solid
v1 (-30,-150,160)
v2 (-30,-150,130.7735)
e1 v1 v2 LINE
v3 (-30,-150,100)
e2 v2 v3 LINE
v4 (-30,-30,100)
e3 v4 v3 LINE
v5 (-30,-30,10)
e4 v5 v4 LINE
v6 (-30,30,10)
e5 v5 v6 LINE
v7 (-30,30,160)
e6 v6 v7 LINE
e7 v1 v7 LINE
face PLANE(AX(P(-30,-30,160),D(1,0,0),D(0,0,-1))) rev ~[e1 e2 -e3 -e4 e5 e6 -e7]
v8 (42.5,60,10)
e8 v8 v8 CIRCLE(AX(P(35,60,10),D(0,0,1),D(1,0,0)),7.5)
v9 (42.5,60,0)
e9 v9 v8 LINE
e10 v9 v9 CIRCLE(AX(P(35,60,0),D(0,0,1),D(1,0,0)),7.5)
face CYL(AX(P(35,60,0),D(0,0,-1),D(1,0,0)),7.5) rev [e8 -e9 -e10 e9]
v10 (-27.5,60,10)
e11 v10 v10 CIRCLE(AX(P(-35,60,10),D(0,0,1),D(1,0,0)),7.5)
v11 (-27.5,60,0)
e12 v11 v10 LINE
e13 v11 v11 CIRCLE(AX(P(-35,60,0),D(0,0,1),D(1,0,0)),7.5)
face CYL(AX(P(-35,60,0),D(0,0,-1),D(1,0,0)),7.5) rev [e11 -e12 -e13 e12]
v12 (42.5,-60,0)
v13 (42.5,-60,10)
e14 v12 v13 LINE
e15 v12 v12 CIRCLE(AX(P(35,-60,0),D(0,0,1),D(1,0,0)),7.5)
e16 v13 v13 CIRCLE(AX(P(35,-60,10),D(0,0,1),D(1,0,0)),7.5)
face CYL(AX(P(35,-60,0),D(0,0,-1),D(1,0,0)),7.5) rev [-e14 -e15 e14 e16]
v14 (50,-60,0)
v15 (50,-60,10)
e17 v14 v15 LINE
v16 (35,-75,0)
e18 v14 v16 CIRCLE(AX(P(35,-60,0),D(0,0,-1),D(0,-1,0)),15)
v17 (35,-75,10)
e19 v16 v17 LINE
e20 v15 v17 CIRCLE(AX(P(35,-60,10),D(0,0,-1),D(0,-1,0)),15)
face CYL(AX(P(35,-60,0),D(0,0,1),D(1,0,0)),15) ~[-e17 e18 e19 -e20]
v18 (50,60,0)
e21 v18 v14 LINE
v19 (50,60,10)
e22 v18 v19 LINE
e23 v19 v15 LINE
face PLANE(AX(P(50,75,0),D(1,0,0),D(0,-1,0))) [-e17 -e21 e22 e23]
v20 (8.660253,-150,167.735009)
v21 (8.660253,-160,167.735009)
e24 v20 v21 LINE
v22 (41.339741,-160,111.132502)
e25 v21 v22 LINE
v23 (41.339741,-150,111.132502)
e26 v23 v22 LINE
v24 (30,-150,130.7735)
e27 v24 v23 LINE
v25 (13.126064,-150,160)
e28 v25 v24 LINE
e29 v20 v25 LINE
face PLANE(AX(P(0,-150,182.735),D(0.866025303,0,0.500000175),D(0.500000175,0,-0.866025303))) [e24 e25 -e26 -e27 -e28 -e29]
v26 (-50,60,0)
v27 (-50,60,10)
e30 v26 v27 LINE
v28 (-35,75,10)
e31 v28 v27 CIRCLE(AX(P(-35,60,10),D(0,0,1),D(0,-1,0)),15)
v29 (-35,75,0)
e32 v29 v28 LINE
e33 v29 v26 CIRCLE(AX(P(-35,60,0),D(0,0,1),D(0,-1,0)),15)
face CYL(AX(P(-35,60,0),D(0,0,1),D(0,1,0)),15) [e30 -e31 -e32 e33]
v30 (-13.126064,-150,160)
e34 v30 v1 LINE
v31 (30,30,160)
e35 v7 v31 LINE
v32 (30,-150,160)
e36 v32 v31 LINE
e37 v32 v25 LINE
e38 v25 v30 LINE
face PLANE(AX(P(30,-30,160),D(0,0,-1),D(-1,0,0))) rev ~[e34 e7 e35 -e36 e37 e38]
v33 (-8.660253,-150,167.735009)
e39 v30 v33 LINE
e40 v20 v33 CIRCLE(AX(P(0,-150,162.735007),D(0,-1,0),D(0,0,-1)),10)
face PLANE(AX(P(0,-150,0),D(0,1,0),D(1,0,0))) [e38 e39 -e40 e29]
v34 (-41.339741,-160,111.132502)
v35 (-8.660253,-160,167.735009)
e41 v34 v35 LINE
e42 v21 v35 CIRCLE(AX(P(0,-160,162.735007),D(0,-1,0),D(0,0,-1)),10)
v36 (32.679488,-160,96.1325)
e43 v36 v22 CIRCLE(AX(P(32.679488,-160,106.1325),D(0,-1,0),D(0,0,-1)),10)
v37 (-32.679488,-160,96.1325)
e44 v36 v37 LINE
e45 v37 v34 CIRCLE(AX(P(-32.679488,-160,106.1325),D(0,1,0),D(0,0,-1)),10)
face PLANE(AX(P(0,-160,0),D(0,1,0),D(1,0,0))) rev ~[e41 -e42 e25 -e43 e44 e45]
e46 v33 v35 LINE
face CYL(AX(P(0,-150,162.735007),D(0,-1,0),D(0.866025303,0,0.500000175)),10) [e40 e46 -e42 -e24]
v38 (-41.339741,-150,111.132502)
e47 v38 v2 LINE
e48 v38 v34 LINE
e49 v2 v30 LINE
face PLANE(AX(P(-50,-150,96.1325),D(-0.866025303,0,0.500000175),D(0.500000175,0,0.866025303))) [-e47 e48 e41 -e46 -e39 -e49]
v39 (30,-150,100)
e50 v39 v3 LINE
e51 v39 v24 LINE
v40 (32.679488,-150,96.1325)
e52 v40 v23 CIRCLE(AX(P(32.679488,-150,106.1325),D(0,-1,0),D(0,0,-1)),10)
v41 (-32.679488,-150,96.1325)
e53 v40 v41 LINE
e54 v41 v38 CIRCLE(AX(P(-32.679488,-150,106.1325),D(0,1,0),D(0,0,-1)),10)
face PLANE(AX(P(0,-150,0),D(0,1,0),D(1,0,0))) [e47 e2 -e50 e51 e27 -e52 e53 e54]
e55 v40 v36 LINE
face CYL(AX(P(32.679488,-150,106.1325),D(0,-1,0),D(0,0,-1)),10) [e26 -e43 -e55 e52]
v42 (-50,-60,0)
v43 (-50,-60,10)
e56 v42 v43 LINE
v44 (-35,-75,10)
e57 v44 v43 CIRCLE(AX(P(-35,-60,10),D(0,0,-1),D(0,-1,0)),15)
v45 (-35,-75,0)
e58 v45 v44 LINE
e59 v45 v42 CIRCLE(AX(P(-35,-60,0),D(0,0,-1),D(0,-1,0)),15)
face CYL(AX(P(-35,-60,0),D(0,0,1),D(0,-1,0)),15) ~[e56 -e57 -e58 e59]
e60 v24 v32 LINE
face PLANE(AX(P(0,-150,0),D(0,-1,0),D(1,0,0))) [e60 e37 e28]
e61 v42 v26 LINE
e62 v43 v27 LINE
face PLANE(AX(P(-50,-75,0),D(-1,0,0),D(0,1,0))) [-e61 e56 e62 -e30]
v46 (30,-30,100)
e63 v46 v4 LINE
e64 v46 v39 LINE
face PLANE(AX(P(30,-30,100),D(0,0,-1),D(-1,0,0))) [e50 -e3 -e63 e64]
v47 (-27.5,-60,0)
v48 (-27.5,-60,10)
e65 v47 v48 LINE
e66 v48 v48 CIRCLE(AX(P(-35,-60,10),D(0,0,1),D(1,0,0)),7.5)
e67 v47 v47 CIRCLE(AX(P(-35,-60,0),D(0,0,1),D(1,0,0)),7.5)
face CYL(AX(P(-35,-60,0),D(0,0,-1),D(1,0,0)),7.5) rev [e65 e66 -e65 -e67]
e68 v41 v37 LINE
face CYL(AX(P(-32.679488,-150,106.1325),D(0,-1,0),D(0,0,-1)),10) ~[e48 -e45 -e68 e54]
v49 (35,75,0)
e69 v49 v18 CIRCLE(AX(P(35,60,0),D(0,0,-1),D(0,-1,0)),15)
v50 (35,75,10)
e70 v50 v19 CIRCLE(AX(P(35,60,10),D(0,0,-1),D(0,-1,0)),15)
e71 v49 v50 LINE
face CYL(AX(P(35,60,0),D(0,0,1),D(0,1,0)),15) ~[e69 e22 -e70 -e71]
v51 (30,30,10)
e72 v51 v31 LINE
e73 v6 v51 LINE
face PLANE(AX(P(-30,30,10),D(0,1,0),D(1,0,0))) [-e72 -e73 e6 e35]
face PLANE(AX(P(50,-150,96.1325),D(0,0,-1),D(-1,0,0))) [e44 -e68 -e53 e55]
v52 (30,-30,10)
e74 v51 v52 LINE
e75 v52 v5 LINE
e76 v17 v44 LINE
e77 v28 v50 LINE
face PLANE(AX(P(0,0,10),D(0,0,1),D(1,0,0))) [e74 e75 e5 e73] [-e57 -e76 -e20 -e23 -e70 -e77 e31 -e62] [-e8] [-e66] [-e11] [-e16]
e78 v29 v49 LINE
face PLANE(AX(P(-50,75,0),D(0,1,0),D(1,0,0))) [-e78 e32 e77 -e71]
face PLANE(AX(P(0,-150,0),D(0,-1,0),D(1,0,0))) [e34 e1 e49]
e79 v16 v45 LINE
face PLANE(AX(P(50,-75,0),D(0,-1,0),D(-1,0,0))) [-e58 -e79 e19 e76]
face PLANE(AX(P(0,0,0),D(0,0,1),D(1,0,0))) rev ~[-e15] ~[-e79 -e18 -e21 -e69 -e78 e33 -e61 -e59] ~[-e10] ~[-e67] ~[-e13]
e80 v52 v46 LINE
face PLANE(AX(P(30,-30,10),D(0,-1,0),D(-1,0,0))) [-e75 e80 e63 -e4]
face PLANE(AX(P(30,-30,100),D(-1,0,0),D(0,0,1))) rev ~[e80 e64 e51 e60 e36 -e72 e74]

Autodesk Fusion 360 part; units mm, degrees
sketch "Sketch1" plane through (0, 0, 0) normal (0, 0, 1) x (1, 0, 0) in component "Mounting Plate1"
  line L0 (-50, 75) -> (50, 75)
  line L1 (50, 75) -> (50, -75)
  line L2 (50, -75) -> (-50, -75)
  line L3 (-50, -75) -> (-50, 75)
  line L4 (-50, 75) -> (50, -75) construction
  line L5 (50, 75) -> (-50, -75) construction
  circle A0 centre (-35, 60) radius 7.5
  circle A1 centre (35, 60) radius 7.5
  line L6 (0, 0) -> (21.7934, 0) construction
  circle A2 centre (-35, -60) radius 7.5
  circle A3 centre (35, -60) radius 7.5
  dimension "d1" = 100
  dimension "d2" = 150
  dimension "d3" = 15
  dimension "d4" = 15
  dimension "d5" = 15
  dimension "d6" = 15
extrude "Extrude1" add sketch "Sketch1" along normal blind 10 makes body 1 in component "Mounting Plate1"
fillet "Fillet1" radius 15 4 edges at (-50, 75, 5) (50, 75, 5) (50, -75, 5) (-50, -75, 5) on bodies 1 in component "Mounting Plate1"
ref_plane "WorkPlane1" through (0, -150, 0) normal (0, 1, 0) x (0, 0, 1) in component "Mounting Plate1"
sketch "Sketch2" plane through (0, -150, 0) normal (0, 1, 0) x (1, 0, 0) in component "Mounting Plate1"
  line L0 (-35, -10) -> (35, -10)
  line L1 (0, 0) -> (0, -125) construction
  line L2 (-50, -96.1325) -> (0, -182.735)
  line L3 (0, -182.735) -> (50, -96.1325)
  line L4 (50, -96.1325) -> (-50, -96.1325)
  point P0 (0, -125)
  dimension "d11" = 125
  dimension "d12" = 100
extrude "Extrude2" add sketch "Sketch2" against normal blind 10 separate body makes body 2 in component "Mounting Plate1"
fillet "Fillet2" radius 10 3 edges at (0, -155, 182.735) (50, -155, 96.1325) (-50, -155, 96.1325) on bodies 2 in component "Mounting Plate1"
sketch "Sketch1 (2)" plane through (0, 0, 10) normal (0, 0, 1) x (1, 0, 0)
  arc A0 (-50, -60) -> (-35, -75) centre (-35, -60) ccw
  line L0 (-35, -75) -> (35, -75)
  arc A1 (35, -75) -> (50, -60) centre (35, -60) ccw
  line L1 (50, -60) -> (50, 60)
  arc A2 (50, 60) -> (35, 75) centre (35, 60) ccw
  line L2 (35, 75) -> (-35, 75)
  arc A3 (-35, 75) -> (-50, 60) centre (-35, 60) ccw
  line L3 (-50, 60) -> (-50, -60)
  circle A4 centre (35, -60) radius 7.5
  circle A5 centre (-35, 60) radius 7.5
  circle A6 centre (-35, -60) radius 7.5
  circle A7 centre (35, 60) radius 7.5
  line L4 (-30, 30) -> (30, 30)
  line L5 (30, 30) -> (30, -30)
  line L6 (30, -30) -> (-30, -30)
  line L7 (-30, -30) -> (-30, 30)
  line L8 (-30, 30) -> (30, -30) construction
  line L9 (30, 30) -> (-30, -30) construction
extrude "Extrude3" add sketch "Sketch1 (2)" along normal blind 150 contours L4 L5 L6 L7 bodies 1 in component "Mounting Plate1"
sketch "Sketch2 (2)" plane through (0, -30, 0) normal (0, -1, 0) x (1, 0, 0)
  line L0 (-30, 10) -> (30, 10)
  line L1 (30, 10) -> (30, 160)
  line L2 (30, 160) -> (-30, 160)
  line L3 (-30, 160) -> (-30, 10)
  line L4 (-30, 160) -> (30, 160)
  line L5 (30, 160) -> (30, 100)
  line L6 (30, 100) -> (-30, 100)
  line L7 (-30, 100) -> (-30, 160)
extrude "Extrude4" add sketch "Sketch2 (2)" along normal blind 120 contours L1 L2 L3 L4 L5 L6 L7 bodies 1 2 in component "Mounting Plate1"
component "Mounting Plate1" placed x (1, 0, 0) y (0, 1, 0) z (0, 0, 1) at (0, 0, 0)
equation "d2 = ( 6 * 25 ) * 1 mm"
